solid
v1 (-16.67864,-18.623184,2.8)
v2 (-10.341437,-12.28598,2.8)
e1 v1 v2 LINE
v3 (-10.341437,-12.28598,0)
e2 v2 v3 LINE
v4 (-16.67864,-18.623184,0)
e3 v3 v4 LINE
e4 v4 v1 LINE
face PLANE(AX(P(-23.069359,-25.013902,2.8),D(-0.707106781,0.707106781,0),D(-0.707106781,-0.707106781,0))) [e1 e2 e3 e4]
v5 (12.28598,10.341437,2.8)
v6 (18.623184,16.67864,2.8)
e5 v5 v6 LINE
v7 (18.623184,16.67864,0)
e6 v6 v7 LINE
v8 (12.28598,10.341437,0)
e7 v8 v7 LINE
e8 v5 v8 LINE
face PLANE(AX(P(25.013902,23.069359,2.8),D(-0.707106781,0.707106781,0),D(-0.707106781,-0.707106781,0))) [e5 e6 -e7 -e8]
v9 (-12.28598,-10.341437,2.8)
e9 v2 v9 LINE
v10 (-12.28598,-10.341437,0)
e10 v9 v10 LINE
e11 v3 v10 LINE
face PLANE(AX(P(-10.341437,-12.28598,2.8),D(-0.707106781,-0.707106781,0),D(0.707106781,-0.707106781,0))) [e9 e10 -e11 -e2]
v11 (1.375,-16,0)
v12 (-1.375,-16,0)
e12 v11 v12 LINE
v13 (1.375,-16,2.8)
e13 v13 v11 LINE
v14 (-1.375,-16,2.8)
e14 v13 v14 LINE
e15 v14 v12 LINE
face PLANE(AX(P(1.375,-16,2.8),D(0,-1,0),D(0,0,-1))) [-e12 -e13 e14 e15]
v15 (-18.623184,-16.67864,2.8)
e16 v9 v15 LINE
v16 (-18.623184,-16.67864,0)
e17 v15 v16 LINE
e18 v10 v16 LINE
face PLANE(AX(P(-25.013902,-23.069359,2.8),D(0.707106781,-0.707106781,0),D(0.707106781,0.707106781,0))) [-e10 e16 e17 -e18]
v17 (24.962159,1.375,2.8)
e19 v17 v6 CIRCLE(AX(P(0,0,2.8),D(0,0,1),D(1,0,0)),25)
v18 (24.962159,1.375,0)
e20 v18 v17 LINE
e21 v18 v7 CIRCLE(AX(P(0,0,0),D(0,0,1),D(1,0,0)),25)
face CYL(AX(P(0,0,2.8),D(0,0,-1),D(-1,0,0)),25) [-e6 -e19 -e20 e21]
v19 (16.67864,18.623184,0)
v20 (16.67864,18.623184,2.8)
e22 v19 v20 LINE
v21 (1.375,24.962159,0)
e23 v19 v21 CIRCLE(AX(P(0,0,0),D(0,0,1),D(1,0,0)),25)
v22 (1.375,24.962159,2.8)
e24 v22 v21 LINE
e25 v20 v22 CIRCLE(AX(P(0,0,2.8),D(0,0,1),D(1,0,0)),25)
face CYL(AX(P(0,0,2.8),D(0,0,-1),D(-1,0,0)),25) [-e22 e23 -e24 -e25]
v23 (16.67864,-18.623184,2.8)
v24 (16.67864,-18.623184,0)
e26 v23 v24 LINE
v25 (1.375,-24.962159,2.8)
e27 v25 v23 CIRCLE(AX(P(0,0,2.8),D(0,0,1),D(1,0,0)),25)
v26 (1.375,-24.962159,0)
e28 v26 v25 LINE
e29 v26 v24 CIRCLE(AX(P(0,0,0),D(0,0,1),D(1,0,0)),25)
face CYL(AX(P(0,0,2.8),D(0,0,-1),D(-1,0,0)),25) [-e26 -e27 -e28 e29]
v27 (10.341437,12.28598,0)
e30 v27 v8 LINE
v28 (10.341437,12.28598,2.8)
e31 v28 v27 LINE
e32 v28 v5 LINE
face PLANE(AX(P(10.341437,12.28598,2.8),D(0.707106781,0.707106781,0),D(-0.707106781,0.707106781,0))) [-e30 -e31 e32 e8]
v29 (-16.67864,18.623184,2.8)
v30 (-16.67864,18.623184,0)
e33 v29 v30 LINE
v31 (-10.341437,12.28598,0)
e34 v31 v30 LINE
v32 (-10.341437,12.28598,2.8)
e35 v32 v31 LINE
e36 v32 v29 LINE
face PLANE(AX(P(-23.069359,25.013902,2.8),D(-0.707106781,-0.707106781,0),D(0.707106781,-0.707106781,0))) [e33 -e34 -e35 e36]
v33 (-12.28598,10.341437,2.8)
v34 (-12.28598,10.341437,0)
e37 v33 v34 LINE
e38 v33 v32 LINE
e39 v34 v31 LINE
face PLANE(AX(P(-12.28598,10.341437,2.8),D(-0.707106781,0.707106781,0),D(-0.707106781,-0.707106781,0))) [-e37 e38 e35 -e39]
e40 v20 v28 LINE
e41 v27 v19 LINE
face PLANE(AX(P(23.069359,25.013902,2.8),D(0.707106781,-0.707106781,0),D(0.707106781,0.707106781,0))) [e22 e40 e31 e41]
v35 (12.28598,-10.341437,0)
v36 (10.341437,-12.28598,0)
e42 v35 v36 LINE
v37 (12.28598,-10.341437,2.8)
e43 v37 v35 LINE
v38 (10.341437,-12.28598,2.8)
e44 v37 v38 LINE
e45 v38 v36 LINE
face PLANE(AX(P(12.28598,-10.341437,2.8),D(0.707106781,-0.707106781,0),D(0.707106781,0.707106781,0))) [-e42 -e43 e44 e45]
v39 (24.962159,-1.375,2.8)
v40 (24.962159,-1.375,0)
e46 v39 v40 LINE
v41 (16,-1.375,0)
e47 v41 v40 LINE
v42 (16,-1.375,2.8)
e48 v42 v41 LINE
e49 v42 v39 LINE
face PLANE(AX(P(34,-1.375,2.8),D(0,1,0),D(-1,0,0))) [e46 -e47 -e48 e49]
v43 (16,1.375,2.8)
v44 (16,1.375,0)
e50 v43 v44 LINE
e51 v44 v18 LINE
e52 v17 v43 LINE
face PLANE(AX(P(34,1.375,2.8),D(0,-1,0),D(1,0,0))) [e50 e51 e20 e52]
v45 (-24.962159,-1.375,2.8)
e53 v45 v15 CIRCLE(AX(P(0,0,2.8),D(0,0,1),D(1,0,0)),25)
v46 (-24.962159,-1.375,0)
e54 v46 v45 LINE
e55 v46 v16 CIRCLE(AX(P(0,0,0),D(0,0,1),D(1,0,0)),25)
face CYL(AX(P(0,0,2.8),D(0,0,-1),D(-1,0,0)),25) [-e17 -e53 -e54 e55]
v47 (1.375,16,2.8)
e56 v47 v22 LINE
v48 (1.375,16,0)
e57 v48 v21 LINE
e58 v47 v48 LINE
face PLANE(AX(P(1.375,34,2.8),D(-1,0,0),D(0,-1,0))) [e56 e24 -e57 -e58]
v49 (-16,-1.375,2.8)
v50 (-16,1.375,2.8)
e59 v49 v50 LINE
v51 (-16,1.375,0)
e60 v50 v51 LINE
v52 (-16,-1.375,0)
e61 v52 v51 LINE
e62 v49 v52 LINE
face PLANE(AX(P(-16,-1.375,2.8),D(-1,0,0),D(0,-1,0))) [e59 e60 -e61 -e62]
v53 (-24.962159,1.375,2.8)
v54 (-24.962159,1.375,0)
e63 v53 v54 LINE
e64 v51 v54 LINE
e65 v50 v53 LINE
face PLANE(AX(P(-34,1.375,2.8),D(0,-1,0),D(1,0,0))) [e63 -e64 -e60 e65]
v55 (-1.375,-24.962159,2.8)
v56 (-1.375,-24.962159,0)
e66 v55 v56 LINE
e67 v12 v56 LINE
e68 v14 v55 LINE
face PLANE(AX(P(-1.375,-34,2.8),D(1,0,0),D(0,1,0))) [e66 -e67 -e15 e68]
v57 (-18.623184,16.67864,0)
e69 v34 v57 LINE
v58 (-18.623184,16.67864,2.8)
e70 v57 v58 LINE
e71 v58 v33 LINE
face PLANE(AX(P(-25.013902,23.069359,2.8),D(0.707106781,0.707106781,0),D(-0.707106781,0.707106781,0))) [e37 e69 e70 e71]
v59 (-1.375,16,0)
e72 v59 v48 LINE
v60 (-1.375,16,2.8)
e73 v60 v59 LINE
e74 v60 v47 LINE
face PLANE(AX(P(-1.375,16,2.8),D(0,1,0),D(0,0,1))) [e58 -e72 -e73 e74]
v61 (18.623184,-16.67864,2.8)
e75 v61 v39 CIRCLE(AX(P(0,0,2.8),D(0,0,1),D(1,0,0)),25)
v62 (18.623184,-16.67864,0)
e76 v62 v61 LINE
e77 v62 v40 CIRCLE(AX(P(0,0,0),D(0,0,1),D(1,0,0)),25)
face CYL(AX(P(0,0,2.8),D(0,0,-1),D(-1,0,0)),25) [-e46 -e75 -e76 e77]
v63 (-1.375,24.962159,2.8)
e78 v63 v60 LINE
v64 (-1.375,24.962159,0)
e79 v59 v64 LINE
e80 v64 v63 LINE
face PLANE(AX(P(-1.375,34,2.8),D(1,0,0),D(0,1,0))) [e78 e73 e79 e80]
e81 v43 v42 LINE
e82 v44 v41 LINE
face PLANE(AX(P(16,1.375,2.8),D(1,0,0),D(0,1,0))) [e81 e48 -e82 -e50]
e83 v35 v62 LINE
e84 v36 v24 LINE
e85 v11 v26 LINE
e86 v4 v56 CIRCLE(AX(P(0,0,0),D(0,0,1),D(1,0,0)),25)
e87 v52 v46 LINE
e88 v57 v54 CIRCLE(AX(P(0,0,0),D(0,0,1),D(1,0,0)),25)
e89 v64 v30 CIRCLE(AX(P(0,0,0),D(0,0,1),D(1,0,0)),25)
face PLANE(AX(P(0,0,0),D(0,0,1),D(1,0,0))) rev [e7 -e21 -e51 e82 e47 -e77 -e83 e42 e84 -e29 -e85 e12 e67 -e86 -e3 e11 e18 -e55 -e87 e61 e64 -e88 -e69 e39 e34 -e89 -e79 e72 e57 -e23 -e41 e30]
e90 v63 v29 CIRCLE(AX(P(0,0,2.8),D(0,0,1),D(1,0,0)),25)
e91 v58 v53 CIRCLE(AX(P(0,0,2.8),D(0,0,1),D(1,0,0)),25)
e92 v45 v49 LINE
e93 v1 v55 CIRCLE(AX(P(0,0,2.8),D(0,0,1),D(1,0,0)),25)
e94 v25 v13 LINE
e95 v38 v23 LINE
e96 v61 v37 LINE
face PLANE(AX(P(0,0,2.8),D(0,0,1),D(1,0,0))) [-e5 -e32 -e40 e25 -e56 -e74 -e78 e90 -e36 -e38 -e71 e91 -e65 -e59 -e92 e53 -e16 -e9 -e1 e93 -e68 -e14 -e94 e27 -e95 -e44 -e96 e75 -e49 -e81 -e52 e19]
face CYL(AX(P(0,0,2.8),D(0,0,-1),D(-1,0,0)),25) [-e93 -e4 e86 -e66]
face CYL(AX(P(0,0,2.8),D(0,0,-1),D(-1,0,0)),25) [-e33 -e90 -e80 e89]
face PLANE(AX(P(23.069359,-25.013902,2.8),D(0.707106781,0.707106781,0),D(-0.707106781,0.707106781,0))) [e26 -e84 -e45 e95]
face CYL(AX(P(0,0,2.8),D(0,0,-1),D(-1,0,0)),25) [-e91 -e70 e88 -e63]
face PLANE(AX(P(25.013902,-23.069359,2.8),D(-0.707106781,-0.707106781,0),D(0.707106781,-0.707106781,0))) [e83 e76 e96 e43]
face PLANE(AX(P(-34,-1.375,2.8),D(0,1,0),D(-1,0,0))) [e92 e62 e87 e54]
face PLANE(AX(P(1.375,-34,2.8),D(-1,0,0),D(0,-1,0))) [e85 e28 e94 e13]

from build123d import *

# Parameters (mm, degrees)
CROQUIS1_R              = 25
SALIENTE_EXTRUIR1_DEPTH = 2.8
CROQUIS2_W              = 2.75
CROQUIS2_H              = 18
CORTAR_EXTRUIR1_DEPTH   = 3.8
MATRIZC1_COUNT          = 8


with BuildPart() as part:
    # Croquis1 → Saliente-Extruir1 (new body)
    with BuildSketch(Plane.XY):
        Circle(CROQUIS1_R)
    extrude(amount=SALIENTE_EXTRUIR1_DEPTH)

    # Croquis2 → Cortar-Extruir1 (cut, through all)
    with BuildSketch(Plane.XY):
        with Locations((0, 25)):
            Rectangle(CROQUIS2_W, CROQUIS2_H)
    cortar_extruir1 = extrude(amount=CORTAR_EXTRUIR1_DEPTH, mode=Mode.SUBTRACT)

    # MatrizC1: Cortar-Extruir1 ×8 about axis
    matrizc1_axis = Axis((0, 0, 0), (0, 0, 1))
    for i in range(1, MATRIZC1_COUNT):
        add(cortar_extruir1.rotate(matrizc1_axis, i * 360 / MATRIZC1_COUNT), mode=Mode.SUBTRACT)


solid = part.part
